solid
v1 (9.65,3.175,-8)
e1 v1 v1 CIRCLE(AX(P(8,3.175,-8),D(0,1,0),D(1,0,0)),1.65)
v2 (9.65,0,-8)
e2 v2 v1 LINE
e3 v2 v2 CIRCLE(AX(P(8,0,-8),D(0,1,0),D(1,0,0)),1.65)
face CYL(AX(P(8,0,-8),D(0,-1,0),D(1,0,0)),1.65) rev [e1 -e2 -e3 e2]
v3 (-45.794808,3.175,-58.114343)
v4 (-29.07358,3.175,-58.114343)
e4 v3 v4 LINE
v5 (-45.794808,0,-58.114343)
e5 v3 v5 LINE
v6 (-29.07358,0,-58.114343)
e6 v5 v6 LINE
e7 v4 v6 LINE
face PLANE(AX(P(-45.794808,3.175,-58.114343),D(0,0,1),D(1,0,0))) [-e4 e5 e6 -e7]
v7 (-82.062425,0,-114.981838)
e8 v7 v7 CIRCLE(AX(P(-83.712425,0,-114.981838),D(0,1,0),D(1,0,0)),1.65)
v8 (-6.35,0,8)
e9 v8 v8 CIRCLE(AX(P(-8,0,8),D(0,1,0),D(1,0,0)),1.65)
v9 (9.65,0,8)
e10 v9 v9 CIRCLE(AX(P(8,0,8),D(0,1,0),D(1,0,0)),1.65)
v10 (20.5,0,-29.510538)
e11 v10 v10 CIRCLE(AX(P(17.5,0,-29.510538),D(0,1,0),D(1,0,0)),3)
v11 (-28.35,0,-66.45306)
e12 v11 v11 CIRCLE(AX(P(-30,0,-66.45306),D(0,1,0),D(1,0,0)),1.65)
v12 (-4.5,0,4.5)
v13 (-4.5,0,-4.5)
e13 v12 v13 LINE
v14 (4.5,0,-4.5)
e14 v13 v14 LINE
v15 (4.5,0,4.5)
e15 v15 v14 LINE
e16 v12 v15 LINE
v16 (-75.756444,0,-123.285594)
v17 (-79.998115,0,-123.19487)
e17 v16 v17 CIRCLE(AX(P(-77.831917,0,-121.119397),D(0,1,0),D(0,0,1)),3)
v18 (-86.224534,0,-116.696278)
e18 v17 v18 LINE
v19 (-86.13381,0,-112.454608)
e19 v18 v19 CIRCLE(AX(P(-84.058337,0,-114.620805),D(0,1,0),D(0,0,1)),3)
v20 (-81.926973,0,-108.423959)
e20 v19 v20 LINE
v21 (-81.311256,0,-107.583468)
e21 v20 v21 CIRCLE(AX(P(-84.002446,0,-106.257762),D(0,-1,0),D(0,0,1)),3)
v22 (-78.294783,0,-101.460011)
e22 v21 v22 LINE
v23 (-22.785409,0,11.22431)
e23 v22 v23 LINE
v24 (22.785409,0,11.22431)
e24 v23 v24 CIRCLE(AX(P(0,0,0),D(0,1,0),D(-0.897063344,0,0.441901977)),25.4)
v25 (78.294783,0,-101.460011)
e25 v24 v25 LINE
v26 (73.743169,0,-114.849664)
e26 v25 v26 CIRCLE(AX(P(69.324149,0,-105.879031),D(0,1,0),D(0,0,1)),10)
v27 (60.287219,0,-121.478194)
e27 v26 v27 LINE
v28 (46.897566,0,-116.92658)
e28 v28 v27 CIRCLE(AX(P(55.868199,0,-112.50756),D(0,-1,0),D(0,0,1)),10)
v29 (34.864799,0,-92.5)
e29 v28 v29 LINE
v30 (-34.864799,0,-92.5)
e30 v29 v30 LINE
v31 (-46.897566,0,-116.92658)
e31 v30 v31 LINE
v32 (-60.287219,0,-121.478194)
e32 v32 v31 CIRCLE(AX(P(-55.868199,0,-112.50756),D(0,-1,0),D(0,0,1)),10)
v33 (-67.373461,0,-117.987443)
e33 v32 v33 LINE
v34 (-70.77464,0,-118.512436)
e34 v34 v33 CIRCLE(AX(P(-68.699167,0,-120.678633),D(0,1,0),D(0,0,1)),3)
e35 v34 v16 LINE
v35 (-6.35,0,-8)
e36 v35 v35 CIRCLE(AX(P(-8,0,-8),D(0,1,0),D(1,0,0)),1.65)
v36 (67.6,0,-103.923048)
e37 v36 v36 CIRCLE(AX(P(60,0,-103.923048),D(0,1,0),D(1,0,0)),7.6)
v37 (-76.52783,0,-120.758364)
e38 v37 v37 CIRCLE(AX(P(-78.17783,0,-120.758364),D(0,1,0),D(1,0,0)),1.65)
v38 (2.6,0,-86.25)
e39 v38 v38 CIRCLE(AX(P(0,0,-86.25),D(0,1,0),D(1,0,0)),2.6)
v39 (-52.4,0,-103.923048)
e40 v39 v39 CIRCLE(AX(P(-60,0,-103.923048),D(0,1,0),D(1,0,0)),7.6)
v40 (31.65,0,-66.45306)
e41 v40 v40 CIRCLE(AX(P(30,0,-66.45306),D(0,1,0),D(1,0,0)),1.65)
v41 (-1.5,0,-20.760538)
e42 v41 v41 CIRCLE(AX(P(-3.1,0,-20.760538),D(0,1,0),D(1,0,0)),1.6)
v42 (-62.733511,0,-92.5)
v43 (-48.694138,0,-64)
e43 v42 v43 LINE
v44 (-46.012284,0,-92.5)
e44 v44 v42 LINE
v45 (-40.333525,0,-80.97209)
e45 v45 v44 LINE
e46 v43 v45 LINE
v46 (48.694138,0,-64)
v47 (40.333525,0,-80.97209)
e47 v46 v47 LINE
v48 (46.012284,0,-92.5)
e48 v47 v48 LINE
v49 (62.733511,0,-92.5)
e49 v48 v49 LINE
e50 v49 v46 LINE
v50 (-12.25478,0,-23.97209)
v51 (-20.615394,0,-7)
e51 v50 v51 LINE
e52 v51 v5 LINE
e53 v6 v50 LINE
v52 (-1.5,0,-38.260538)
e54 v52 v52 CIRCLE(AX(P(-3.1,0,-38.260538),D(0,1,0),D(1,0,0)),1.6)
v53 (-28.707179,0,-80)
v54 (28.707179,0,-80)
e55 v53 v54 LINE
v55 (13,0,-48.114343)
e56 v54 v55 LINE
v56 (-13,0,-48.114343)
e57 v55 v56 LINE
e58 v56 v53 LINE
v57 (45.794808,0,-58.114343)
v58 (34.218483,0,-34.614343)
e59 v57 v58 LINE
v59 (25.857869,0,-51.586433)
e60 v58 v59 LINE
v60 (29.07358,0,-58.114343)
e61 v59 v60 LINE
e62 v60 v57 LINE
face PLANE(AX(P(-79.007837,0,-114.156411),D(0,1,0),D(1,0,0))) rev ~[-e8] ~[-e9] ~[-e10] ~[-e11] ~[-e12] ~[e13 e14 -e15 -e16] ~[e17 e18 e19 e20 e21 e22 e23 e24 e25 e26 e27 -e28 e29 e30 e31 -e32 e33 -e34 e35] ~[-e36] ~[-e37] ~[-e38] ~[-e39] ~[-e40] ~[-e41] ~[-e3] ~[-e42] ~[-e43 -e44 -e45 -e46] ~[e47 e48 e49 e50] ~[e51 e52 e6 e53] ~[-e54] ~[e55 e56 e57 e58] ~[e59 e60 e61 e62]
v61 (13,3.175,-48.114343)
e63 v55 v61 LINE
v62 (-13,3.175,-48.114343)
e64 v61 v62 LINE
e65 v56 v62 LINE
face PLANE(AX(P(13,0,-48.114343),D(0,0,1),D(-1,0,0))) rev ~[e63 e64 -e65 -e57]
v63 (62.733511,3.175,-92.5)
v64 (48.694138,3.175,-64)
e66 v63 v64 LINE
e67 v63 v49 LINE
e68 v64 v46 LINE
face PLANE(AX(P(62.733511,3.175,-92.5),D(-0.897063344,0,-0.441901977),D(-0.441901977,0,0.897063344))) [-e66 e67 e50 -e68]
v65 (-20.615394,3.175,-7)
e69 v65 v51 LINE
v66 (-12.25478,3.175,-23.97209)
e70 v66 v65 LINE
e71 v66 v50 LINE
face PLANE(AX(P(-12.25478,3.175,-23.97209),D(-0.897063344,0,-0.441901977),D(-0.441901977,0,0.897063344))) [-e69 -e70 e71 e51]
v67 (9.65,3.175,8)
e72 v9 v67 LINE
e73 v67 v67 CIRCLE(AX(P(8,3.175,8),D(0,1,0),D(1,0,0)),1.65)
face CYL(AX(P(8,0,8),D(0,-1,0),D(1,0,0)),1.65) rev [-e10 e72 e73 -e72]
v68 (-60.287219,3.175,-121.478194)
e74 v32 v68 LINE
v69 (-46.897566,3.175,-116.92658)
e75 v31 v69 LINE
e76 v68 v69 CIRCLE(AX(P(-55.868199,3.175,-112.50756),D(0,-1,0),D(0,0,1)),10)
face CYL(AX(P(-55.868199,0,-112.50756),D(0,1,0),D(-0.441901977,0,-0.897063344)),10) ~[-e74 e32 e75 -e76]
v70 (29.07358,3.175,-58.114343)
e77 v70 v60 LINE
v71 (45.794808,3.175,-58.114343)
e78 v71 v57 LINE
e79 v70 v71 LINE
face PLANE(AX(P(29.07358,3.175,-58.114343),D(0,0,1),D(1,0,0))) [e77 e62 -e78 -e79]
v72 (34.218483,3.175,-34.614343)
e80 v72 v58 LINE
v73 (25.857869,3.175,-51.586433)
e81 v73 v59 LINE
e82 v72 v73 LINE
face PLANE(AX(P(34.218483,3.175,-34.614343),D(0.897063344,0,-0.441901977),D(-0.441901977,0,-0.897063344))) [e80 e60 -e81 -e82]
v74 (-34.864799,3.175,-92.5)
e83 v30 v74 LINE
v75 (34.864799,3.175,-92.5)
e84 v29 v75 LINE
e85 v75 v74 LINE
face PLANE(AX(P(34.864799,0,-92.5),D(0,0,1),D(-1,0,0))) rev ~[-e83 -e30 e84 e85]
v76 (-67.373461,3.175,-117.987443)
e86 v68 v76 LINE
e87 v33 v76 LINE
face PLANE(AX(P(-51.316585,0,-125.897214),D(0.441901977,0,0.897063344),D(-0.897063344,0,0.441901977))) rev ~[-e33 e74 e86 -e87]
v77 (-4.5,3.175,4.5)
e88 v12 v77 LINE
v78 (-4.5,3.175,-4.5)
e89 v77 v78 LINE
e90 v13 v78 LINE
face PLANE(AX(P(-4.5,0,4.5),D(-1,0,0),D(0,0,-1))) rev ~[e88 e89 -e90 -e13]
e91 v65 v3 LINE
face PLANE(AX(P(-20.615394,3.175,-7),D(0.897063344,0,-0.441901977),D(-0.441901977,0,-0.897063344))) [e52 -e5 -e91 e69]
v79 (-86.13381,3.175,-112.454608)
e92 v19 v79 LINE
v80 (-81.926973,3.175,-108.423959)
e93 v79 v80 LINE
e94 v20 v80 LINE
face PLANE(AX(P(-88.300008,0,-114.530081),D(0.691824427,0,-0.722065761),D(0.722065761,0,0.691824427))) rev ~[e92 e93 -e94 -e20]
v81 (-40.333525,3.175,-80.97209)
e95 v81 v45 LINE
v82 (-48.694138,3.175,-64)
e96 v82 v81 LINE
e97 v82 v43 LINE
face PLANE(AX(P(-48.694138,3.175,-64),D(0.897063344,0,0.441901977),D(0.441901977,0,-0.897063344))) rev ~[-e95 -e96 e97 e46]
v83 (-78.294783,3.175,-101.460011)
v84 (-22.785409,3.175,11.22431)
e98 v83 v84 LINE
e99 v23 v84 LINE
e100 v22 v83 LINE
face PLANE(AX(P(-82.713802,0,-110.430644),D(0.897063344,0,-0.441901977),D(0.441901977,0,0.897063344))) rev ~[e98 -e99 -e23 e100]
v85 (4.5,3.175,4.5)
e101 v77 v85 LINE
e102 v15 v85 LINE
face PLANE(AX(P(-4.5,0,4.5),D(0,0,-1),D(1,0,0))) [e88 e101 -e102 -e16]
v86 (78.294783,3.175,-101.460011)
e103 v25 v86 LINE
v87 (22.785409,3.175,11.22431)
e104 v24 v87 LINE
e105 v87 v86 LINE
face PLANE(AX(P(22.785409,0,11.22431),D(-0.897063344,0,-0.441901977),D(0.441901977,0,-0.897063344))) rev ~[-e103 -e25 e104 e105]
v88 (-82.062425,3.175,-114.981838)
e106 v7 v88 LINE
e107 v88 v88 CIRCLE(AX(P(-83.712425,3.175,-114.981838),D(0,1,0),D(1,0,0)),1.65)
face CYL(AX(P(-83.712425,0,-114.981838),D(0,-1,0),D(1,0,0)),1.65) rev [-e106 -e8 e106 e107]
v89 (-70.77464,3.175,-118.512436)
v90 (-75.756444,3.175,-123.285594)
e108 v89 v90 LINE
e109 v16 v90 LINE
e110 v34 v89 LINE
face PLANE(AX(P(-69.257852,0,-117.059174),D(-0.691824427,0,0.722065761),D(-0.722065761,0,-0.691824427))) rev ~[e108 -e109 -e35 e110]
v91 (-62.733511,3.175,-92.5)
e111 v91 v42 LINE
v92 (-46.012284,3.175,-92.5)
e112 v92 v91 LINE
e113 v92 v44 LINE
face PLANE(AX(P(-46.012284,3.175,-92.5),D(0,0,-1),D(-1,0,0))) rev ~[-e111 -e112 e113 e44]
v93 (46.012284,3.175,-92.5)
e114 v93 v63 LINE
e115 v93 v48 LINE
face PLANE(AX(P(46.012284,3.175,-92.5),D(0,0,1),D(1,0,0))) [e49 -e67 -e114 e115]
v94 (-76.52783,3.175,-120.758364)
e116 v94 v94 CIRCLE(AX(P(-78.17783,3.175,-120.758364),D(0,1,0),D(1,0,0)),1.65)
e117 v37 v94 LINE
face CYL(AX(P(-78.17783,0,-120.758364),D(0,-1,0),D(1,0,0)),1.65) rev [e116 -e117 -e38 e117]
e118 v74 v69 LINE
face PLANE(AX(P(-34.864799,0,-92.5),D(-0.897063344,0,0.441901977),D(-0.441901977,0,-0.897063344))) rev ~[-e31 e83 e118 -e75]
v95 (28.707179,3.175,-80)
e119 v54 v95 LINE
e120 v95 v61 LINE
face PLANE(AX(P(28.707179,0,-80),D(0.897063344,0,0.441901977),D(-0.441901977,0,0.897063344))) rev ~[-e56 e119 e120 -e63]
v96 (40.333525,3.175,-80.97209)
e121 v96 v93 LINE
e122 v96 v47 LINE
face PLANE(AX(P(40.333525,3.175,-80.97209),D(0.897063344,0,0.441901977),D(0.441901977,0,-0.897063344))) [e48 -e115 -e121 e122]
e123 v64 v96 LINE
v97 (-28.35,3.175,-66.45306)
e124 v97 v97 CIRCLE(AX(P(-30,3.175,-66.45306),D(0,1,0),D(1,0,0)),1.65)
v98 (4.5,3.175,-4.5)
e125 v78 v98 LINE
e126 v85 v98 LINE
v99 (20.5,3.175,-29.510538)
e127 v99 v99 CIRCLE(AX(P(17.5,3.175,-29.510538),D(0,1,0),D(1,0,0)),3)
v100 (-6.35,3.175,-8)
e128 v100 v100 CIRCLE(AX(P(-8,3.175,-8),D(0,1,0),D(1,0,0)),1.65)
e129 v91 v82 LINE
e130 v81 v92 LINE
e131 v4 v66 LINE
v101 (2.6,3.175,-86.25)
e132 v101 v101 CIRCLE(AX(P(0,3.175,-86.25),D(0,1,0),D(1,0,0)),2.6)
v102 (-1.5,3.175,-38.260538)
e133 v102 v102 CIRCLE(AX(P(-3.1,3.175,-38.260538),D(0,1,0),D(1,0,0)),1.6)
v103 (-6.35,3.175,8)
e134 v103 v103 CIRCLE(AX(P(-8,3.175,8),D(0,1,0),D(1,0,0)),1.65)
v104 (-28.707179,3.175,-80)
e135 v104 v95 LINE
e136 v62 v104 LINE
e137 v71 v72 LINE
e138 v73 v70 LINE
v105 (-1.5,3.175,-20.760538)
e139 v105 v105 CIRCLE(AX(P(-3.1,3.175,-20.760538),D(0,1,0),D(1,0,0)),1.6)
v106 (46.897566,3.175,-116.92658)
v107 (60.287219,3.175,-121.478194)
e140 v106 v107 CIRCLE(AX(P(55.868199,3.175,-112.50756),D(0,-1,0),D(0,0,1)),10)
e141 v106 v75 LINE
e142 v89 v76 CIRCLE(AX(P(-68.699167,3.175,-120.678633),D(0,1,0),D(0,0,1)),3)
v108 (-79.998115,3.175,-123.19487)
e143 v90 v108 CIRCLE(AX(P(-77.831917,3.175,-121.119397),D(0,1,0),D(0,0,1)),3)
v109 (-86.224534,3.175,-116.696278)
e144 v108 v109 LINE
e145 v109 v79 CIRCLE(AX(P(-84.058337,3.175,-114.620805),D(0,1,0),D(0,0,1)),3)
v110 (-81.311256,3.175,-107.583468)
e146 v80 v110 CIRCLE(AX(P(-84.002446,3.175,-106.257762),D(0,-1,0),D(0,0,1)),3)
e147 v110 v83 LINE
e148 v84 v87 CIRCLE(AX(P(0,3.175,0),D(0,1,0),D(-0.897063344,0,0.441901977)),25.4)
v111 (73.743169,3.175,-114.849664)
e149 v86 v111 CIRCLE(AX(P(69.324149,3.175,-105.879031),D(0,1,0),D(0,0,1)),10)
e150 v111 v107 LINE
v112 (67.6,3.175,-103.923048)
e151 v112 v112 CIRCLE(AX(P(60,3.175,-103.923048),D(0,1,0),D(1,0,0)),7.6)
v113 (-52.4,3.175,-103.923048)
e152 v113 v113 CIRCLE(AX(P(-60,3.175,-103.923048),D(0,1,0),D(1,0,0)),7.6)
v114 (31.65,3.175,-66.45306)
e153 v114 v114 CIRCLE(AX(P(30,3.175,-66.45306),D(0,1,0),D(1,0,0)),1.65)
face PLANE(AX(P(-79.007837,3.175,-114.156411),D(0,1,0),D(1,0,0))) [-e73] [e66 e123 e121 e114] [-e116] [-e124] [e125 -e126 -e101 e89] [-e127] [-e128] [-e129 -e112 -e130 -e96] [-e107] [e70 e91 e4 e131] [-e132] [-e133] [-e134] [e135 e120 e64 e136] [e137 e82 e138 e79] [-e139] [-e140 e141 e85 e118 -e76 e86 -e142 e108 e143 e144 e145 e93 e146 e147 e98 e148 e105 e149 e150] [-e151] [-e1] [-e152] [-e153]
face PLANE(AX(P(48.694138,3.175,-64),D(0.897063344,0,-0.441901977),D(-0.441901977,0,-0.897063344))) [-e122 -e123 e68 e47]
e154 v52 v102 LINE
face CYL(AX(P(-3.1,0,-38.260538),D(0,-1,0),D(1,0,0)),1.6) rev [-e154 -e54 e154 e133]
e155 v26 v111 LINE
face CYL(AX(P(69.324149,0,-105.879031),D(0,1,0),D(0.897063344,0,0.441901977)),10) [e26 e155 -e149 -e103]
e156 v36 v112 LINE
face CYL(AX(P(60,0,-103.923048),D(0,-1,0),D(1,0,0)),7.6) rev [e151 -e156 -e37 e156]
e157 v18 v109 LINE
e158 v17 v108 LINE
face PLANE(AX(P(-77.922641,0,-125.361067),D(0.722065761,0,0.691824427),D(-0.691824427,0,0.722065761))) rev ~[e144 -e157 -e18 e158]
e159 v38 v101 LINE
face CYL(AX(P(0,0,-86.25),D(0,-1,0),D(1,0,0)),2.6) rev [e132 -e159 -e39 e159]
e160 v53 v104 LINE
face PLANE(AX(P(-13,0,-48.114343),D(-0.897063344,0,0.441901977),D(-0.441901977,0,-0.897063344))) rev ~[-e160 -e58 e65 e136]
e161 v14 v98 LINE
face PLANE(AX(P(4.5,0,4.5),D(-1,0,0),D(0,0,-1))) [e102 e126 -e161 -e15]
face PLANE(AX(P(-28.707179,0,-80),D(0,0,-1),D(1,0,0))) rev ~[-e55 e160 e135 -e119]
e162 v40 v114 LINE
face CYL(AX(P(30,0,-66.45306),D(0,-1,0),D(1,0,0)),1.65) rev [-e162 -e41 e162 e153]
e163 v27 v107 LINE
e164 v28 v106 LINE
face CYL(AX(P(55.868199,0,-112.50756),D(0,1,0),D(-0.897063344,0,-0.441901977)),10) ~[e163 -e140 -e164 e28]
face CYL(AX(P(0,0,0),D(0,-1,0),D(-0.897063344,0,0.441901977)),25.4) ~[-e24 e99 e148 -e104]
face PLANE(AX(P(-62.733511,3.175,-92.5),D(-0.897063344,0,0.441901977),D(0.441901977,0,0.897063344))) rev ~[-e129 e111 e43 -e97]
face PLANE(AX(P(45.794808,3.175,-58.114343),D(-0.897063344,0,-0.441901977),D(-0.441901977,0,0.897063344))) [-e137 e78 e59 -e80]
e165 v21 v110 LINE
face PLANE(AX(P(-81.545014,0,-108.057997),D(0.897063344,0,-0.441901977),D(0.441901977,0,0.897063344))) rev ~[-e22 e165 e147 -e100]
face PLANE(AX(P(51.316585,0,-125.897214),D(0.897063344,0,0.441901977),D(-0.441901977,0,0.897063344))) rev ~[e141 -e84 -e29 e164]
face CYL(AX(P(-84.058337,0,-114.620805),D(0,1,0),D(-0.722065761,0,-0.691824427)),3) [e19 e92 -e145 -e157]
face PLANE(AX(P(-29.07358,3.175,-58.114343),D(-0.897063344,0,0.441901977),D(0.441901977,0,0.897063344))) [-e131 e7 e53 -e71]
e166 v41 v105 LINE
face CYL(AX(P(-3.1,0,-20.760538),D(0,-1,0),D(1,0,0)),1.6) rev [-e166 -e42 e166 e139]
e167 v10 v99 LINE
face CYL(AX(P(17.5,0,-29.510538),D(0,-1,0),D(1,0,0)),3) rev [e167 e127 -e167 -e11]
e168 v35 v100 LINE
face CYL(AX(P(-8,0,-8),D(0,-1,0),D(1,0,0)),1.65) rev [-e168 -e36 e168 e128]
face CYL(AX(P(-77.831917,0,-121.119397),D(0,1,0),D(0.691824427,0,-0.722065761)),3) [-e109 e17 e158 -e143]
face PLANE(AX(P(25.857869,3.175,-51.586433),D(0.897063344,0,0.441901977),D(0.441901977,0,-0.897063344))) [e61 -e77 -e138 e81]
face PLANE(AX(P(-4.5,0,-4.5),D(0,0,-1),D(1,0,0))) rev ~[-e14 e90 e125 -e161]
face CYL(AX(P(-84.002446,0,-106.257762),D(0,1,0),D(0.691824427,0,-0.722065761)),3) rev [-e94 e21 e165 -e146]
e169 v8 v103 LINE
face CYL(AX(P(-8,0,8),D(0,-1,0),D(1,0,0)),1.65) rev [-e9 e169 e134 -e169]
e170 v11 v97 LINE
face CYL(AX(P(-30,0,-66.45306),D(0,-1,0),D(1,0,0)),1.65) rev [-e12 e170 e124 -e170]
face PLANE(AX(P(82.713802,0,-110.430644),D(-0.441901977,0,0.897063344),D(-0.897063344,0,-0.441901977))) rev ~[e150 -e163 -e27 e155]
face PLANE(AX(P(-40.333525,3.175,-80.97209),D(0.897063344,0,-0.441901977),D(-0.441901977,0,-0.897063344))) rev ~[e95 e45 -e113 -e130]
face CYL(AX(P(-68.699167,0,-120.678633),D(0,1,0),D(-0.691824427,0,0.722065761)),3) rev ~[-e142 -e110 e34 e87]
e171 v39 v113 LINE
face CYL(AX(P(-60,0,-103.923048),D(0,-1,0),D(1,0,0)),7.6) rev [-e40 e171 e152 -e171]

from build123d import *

# Parameters (mm, degrees)
SKETCH1_R               = 1.65
SKETCH1_W               = 9
SKETCH1_H               = 9
SKETCH1_R_2             = 1.6
SKETCH1_R_3             = 3
SKETCH1_R_4             = 7.6
SKETCH1_R_5             = 2.6
BOSS_EXTRUDE1_DEPTH     = 3.175
FILLET1_R               = 10
CUT_EXTRUDE1_DEPTH      = 1
CUT_EXTRUDE1_DEPTH_BACK = 4.175
SKETCH3_R               = 1.65
BOSS_EXTRUDE2_DEPTH     = 3.175
FILLET2_R               = 3


with BuildPart() as part:
    # Sketch1 → Boss-Extrude1 (new body)
    with BuildSketch(Plane(origin=(0, 0, 0), x_dir=(1, 0, 0), z_dir=(0, 1, 0))):
        with BuildLine():
            Line((-51.31658538, 125.897213638), (-82.713802404, 110.430644428))
            Line((-82.713802404, 110.430644428), (-22.785408926, -11.224310227))
            ThreePointArc((-22.785408926, -11.224310227), (0, -25.4), (22.785408926, -11.224310227))
            Line((22.785408926, -11.224310227), (82.713802404, 110.430644428))
            Line((82.713802404, 110.430644428), (51.31658538, 125.897213638))
            Line((51.31658538, 125.897213638), (34.864798721, 92.5))
            Line((34.864798721, 92.5), (-34.864798721, 92.5))
            Line((-34.864798721, 92.5), (-51.31658538, 125.897213638))
        make_face()
        Polygon((-28.707179242, 80), (28.707179242, 80), (13, 48.114343343), (-13, 48.114343343), align=None, mode=Mode.SUBTRACT)
        with Locations((-8, -8)):
            Circle(SKETCH1_R, mode=Mode.SUBTRACT)
        Rectangle(SKETCH1_W, SKETCH1_H, mode=Mode.SUBTRACT)
        with Locations((-8, 8)):
            Circle(SKETCH1_R, mode=Mode.SUBTRACT)
        with Locations((-3.1, 20.76053754)):
            Circle(SKETCH1_R_2, mode=Mode.SUBTRACT)
        with Locations((8, -8)):
            Circle(SKETCH1_R, mode=Mode.SUBTRACT)
        with Locations((8, 8)):
            Circle(SKETCH1_R, mode=Mode.SUBTRACT)
        with Locations((17.5, 29.51053754)):
            Circle(SKETCH1_R_3, mode=Mode.SUBTRACT)
        with Locations((-30, 66.453060464)):
            Circle(SKETCH1_R, mode=Mode.SUBTRACT)
        with Locations((-60, 103.923048454)):
            Circle(SKETCH1_R_4, mode=Mode.SUBTRACT)
        with Locations((30, 66.453060464)):
            Circle(SKETCH1_R, mode=Mode.SUBTRACT)
        with Locations((60, 103.923048454)):
            Circle(SKETCH1_R_4, mode=Mode.SUBTRACT)
        with Locations((0, 86.25)):
            Circle(SKETCH1_R_5, mode=Mode.SUBTRACT)
        with Locations((-3.1, 38.26053754)):
            Circle(SKETCH1_R_2, mode=Mode.SUBTRACT)
    extrude(amount=BOSS_EXTRUDE1_DEPTH)

    # Fillet1
    fillet1_edges = [part.edges().sort_by_distance(p)[0] for p in [
        (51.31658538, 1.5875, -125.897213638),
        (82.713802404, 1.5875, -110.430644428),
        (-82.713802404, 1.5875, -110.430644428),
        (-51.31658538, 1.5875, -125.897213638),
    ]]
    fillet(fillet1_edges, radius=FILLET1_R)

    # Sketch2 → Cut-Extrude1 (cut, two sides)
    with BuildSketch(Plane(origin=(0, 3.175, 0), x_dir=(1, 0, 0), z_dir=(0, 1, 0))) as cut_extrude1_sk:
        Polygon((-45.79480762, 58.114343343), (-29.073580398, 58.114343343), (-12.254779912, 23.972089701), (-20.615393523, 7), align=None)
        Polygon((-62.733510758, 92.5), (-48.694138346, 64), (-40.333524735, 80.972089701), (-46.012283536, 92.5), align=None)
        Polygon((29.073580398, 58.114343343), (45.79480762, 58.114343343), (34.218483, 34.614343343), (25.857869389, 51.586433044), align=None)
        Polygon((46.012283536, 92.5), (62.733510758, 92.5), (48.694138346, 64), (40.333524735, 80.972089701), align=None)
    extrude(amount=CUT_EXTRUDE1_DEPTH, mode=Mode.SUBTRACT)
    extrude(cut_extrude1_sk.sketch, amount=-CUT_EXTRUDE1_DEPTH_BACK, mode=Mode.SUBTRACT)

    # Sketch3 → Boss-Extrude2 (add)
    with BuildSketch(Plane(origin=(0, 0, 0), x_dir=(1, 0, 0), z_dir=(0, 1, 0))):
        with BuildLine():
            Line((-69.257852251, 117.059174089), (-77.922641378, 125.361067209))
            Line((-77.922641378, 125.361067209), (-88.300007778, 114.5300808))
            Line((-88.300007778, 114.5300808), (-81.545013782, 108.057997365))
            Line((-81.545013782, 108.057997365), (-78.29478263, 101.460010992))
            ThreePointArc((-78.29478263, 101.460010992), (-78.792063776, 109.097507652), (-73.743168968, 114.849664202))
            Line((-73.743168968, 114.849664202), (-69.257852251, 117.059174089))
        make_face()
        with Locations((-78.17782959, 120.758363767)):
            Circle(SKETCH3_R, mode=Mode.SUBTRACT)
        with Locations((-83.712425003, 114.981837682)):
            Circle(SKETCH3_R, mode=Mode.SUBTRACT)
    extrude(amount=BOSS_EXTRUDE2_DEPTH)

    # Fillet2
    fillet2_edges = [part.edges().sort_by_distance(p)[0] for p in [
        (-81.545013782, 1.5875, -108.057997365),
        (-88.300007778, 1.5875, -114.5300808),
        (-77.922641378, 1.5875, -125.361067209),
        (-69.257852251, 1.5875, -117.059174089),
    ]]
    fillet(fillet2_edges, radius=FILLET2_R)


solid = part.part
